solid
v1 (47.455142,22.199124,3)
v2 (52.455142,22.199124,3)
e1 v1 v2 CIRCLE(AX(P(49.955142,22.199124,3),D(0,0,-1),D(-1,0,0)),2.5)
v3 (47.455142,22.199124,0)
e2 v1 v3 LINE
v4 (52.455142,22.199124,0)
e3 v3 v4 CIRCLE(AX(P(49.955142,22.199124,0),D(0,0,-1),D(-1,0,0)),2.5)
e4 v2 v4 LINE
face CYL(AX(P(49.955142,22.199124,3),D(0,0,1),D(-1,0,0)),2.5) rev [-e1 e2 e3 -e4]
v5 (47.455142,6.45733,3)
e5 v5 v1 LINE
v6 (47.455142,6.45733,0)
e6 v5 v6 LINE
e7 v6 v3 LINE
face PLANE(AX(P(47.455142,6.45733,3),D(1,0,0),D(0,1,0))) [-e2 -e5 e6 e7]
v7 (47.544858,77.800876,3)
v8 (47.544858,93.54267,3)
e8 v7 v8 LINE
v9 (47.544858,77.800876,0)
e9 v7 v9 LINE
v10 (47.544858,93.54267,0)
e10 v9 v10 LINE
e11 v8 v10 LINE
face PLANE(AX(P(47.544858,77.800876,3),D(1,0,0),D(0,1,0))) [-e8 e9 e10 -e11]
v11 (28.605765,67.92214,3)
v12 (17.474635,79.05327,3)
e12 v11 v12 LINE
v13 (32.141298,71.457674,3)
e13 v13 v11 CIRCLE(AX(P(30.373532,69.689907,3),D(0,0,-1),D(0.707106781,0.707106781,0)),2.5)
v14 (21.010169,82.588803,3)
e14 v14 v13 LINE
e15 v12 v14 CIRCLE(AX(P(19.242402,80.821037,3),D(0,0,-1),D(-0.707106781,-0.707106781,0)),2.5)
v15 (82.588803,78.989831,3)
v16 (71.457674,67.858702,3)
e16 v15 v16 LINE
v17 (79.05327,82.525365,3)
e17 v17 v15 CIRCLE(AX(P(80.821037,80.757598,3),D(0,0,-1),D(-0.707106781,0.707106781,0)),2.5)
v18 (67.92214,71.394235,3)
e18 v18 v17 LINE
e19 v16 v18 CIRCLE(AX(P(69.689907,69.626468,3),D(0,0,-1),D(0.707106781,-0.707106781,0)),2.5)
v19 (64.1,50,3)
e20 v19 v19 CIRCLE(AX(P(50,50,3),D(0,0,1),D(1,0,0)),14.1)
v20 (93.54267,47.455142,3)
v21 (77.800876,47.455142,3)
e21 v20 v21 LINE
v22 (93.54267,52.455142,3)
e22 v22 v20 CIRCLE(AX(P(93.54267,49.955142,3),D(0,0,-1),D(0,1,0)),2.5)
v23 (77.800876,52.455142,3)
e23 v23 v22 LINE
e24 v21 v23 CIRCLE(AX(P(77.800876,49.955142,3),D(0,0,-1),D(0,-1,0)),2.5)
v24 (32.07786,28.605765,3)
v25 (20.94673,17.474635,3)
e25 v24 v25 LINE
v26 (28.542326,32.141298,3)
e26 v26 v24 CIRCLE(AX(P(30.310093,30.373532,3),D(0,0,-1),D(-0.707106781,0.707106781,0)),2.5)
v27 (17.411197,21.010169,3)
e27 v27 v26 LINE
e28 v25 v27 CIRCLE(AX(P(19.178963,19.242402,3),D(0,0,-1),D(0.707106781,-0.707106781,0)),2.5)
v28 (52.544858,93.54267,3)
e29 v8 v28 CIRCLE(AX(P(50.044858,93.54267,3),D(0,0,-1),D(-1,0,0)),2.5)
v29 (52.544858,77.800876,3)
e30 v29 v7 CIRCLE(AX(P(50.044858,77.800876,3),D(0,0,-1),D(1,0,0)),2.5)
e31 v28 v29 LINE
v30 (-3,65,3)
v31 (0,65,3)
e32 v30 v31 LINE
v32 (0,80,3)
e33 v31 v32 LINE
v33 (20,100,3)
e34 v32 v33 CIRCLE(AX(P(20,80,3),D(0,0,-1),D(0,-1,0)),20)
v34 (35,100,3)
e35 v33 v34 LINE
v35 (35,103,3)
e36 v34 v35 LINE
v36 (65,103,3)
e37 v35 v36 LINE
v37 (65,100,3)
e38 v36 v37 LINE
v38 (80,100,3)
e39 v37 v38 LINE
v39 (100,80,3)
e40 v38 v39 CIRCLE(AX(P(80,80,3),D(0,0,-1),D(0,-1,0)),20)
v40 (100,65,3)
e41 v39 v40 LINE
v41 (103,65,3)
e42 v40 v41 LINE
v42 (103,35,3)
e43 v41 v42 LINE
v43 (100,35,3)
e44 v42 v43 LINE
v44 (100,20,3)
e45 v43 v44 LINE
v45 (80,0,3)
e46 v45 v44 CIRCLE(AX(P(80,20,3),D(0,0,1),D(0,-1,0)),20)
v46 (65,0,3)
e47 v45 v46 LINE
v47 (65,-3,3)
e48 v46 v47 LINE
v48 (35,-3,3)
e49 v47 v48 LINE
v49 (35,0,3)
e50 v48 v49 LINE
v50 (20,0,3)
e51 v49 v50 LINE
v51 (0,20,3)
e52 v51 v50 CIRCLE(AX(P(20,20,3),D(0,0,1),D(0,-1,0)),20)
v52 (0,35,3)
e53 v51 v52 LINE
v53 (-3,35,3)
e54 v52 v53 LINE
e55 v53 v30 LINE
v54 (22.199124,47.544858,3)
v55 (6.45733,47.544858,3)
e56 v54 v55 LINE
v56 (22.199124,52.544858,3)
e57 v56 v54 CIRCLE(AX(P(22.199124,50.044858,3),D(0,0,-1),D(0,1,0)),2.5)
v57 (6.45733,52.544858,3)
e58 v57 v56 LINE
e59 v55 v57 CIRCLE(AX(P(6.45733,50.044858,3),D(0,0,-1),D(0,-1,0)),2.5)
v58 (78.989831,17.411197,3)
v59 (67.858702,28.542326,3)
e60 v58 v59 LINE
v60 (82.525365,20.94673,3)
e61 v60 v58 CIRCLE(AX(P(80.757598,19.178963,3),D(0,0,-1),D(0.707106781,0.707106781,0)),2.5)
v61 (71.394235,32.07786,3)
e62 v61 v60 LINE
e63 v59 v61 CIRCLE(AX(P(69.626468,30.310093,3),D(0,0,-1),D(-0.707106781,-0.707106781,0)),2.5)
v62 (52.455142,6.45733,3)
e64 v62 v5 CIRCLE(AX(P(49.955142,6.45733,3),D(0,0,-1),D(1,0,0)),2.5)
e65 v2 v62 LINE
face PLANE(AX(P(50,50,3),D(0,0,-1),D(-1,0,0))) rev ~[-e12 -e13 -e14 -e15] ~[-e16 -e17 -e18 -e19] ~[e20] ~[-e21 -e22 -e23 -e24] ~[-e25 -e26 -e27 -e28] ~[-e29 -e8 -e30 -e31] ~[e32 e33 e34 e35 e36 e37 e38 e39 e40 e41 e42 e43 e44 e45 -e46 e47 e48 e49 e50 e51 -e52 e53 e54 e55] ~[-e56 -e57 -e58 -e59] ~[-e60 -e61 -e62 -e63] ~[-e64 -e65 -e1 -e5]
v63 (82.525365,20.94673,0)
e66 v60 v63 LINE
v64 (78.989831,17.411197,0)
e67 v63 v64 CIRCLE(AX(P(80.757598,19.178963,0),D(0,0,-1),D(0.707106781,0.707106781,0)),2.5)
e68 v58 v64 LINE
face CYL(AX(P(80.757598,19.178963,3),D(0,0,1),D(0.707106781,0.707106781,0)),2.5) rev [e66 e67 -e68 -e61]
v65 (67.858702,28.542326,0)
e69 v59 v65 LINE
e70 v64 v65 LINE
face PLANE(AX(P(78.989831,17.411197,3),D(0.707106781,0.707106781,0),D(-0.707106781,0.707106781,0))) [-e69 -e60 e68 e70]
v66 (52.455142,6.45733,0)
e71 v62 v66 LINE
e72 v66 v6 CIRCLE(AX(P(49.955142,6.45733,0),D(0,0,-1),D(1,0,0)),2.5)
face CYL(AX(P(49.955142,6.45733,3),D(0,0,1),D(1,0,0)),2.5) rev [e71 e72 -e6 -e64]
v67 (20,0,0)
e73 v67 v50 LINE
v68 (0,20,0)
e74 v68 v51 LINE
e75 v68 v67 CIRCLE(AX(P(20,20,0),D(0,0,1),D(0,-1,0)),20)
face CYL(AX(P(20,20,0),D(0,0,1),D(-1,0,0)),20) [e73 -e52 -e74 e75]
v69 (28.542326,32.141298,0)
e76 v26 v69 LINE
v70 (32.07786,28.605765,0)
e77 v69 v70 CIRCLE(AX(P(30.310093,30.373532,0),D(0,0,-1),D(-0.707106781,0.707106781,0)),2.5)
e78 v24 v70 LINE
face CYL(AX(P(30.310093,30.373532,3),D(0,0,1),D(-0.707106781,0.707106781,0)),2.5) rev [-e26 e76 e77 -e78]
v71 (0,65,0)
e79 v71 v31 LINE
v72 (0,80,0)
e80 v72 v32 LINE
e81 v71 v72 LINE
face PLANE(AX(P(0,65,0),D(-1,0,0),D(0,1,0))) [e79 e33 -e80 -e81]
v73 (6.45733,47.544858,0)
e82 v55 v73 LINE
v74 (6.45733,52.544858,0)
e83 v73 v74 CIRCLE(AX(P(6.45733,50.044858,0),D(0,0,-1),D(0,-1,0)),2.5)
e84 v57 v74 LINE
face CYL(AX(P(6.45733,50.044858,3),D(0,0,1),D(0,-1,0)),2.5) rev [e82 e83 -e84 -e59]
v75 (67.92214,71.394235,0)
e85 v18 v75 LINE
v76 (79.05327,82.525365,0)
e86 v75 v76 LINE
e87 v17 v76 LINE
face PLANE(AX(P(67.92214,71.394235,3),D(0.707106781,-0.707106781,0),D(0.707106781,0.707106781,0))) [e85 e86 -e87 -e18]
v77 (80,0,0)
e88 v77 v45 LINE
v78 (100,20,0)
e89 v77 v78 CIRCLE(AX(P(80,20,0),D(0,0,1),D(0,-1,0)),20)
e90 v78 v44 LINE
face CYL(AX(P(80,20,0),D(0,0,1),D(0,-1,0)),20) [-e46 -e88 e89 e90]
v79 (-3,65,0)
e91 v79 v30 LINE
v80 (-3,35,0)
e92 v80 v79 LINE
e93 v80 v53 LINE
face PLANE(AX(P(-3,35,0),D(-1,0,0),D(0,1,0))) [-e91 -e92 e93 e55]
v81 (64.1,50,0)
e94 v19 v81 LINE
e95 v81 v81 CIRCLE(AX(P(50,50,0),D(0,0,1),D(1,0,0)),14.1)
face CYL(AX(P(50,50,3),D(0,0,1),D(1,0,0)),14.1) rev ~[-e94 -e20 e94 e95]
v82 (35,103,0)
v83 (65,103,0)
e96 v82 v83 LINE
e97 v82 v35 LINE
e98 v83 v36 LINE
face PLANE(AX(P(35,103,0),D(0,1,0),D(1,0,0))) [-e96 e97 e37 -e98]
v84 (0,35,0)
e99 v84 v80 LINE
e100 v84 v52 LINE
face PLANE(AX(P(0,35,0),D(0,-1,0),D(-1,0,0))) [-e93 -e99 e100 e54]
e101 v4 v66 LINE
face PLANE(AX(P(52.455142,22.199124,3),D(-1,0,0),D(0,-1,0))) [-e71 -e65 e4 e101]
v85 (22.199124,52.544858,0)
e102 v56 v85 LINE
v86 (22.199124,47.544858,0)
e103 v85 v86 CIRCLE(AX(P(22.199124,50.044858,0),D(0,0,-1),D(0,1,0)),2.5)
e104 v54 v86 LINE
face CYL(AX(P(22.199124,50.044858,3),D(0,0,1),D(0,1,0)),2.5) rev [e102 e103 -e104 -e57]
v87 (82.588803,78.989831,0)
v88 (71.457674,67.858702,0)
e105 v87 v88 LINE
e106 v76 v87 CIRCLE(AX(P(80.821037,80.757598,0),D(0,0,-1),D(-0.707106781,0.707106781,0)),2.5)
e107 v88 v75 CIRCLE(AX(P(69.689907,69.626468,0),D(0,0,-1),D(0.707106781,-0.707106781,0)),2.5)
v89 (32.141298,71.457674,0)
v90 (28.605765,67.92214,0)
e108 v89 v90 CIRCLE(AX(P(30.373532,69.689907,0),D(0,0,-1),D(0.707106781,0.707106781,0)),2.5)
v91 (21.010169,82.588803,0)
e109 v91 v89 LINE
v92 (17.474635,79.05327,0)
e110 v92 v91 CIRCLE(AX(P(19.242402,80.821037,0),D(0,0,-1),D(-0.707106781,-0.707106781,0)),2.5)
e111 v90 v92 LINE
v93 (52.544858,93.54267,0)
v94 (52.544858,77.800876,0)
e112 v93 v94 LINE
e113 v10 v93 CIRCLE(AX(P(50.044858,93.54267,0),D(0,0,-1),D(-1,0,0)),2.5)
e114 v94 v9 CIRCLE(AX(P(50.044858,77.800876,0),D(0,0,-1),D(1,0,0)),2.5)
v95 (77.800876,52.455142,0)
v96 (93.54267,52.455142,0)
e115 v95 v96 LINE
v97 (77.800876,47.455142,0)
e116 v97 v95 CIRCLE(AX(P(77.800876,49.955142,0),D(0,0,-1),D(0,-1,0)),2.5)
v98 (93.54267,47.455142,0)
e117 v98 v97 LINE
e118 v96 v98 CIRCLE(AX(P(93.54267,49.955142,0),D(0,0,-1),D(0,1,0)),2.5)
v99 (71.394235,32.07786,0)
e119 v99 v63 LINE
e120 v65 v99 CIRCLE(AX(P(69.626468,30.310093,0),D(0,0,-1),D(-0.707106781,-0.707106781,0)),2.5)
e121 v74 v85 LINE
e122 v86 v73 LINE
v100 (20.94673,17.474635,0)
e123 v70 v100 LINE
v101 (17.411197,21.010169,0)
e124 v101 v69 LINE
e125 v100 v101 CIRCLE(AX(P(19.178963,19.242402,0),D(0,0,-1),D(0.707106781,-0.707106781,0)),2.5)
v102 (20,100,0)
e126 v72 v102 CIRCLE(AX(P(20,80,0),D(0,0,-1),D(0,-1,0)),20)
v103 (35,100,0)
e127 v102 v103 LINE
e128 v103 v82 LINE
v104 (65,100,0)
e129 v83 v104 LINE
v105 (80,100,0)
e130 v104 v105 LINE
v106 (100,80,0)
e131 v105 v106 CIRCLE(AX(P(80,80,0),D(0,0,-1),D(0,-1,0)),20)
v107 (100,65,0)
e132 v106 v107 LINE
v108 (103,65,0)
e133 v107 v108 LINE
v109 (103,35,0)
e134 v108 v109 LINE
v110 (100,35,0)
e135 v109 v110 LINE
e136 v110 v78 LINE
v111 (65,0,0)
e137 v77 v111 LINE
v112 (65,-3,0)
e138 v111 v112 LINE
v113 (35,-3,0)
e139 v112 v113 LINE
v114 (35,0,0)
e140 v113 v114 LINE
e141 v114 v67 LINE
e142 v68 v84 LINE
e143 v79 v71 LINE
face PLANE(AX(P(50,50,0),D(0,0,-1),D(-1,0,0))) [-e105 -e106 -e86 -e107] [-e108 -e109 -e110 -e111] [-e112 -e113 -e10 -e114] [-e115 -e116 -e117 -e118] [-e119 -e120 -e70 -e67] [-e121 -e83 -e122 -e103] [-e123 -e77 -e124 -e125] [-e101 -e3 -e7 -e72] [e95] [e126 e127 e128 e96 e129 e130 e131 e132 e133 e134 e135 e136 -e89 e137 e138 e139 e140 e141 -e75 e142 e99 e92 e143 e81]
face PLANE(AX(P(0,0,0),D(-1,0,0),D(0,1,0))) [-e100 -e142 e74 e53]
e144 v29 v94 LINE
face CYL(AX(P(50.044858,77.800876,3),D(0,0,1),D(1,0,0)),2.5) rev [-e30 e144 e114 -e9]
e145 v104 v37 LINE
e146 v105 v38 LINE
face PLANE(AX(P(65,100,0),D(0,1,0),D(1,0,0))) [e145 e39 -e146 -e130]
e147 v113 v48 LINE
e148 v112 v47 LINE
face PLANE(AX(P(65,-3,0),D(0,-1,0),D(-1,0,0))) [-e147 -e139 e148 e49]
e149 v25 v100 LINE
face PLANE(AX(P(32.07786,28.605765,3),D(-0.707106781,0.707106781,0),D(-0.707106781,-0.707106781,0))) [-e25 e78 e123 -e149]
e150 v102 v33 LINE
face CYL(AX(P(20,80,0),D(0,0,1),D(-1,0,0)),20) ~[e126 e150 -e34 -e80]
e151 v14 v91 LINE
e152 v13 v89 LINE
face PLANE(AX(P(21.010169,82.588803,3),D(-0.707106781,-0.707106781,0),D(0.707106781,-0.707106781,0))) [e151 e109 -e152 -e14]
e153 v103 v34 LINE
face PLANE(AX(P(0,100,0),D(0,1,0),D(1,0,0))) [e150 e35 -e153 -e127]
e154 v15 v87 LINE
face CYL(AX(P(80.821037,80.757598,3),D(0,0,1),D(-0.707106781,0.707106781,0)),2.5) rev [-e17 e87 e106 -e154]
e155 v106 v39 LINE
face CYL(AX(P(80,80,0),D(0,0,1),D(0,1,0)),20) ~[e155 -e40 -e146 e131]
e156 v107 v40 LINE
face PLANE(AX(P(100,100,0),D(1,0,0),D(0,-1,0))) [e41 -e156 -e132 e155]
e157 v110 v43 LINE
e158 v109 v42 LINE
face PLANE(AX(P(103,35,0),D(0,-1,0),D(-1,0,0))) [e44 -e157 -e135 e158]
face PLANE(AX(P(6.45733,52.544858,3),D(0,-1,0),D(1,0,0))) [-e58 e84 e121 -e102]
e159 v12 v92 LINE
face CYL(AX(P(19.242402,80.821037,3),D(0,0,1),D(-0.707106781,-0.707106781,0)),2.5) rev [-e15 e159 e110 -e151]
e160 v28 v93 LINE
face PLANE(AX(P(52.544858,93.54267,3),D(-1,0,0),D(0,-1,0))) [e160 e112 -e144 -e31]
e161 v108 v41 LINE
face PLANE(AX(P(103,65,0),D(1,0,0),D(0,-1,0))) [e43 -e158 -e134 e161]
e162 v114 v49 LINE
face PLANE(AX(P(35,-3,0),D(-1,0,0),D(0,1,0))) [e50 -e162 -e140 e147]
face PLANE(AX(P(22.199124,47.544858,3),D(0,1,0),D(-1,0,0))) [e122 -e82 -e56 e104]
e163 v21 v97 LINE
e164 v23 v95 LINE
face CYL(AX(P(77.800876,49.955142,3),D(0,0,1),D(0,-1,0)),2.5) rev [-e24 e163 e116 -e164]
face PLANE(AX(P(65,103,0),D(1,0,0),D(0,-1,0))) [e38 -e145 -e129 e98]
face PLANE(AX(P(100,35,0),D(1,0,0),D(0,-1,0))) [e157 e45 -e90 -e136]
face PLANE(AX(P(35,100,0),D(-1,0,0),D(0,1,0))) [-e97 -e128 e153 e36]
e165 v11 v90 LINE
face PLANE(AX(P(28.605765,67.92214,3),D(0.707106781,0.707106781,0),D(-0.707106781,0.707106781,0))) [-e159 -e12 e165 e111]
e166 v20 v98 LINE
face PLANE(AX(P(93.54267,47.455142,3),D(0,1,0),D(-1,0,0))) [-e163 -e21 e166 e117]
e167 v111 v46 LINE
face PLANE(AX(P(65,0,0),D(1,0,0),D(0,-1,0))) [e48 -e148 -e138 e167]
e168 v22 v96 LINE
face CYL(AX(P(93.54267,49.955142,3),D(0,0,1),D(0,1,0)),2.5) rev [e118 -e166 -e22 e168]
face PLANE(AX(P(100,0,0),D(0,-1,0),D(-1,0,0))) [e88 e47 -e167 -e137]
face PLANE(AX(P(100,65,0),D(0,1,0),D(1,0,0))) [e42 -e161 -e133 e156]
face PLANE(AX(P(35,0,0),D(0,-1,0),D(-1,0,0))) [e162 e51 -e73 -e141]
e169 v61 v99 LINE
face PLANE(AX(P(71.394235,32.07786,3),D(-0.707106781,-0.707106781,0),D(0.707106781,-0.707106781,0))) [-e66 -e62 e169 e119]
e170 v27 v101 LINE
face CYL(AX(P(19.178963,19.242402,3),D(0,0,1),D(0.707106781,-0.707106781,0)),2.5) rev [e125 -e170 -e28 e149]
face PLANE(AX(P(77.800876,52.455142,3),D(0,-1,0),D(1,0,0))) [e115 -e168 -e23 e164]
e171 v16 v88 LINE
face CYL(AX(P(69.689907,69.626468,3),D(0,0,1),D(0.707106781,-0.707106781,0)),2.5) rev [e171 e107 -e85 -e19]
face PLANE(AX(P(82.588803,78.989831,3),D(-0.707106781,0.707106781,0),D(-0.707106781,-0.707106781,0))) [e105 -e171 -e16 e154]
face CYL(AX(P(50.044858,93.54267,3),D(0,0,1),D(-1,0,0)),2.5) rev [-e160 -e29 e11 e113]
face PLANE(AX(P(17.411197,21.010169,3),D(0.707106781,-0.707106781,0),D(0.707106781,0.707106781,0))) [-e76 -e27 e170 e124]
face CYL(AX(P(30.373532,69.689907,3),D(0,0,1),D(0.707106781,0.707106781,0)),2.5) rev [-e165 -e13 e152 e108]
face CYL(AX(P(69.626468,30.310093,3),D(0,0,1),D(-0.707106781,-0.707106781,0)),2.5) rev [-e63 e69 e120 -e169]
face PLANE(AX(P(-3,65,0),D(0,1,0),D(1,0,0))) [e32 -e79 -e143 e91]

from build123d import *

# Parameters (mm, degrees)
BOSS_EXTRU_1_DEPTH           = 3
ESQUISSE2_R                  = 14.1
ENL_V_MAT_EXTRU_1_DEPTH      = 3
CONG_1_R                     = 20
ENL_V_MAT_EXTRU_2_DEPTH      = 3
R_P_TITION_CIRCULAIRE1_COUNT = 8


with BuildPart() as part:
    # Esquisse1 → Boss.-Extru.1 (new body)
    with BuildSketch(Plane.XY):
        Polygon((0, 0), (0, 35), (-3, 35), (-3, 65), (0, 65), (0, 100), (35, 100), (35, 103), (65, 103), (65, 100), (100, 100), (100, 65), (103, 65), (103, 35), (100, 35), (100, 0), (65, 0), (65, -3), (35, -3), (35, 0), align=None)
    extrude(amount=BOSS_EXTRU_1_DEPTH)

    # Esquisse2 → Enlèv. mat.-Extru.1 (cut)
    with BuildSketch(Plane.XY.offset(3)):
        with Locations((50, 50)):
            Circle(ESQUISSE2_R)
    extrude(amount=-ENL_V_MAT_EXTRU_1_DEPTH, mode=Mode.SUBTRACT)

    # Congé1
    cong_1_edges = [part.edges().sort_by_distance(p)[0] for p in [
        (0, 0, 1.5),
        (0, 100, 1.5),
        (100, 100, 1.5),
        (100, 0, 1.5),
    ]]
    fillet(cong_1_edges, radius=CONG_1_R)

    # Esquisse4 → Enlèv. mat.-Extru.2 (cut)
    with BuildSketch(Plane.XY.offset(3)):
        with BuildLine():
            Line((52.544857736, 93.542670146), (52.544857736, 77.800875632))
            ThreePointArc((52.544857736, 77.800875632), (50.044857736, 75.300875632), (47.544857736, 77.800875632))
            Line((47.544857736, 77.800875632), (47.544857736, 93.542670146))
            ThreePointArc((47.544857736, 93.542670146), (50.044857736, 96.042670146), (52.544857736, 93.542670146))
        make_face()
    enl_v_mat_extru_2 = extrude(amount=-ENL_V_MAT_EXTRU_2_DEPTH, mode=Mode.SUBTRACT)

    # Répétition circulaire1: Enlèv. mat.-Extru.2 ×8 about axis
    r_p_tition_circulaire1_axis = Axis((50, 50, 0), (0, 0, 1))
    for i in range(1, R_P_TITION_CIRCULAIRE1_COUNT):
        add(enl_v_mat_extru_2.rotate(r_p_tition_circulaire1_axis, i * 360 / R_P_TITION_CIRCULAIRE1_COUNT), mode=Mode.SUBTRACT)


solid = part.part
